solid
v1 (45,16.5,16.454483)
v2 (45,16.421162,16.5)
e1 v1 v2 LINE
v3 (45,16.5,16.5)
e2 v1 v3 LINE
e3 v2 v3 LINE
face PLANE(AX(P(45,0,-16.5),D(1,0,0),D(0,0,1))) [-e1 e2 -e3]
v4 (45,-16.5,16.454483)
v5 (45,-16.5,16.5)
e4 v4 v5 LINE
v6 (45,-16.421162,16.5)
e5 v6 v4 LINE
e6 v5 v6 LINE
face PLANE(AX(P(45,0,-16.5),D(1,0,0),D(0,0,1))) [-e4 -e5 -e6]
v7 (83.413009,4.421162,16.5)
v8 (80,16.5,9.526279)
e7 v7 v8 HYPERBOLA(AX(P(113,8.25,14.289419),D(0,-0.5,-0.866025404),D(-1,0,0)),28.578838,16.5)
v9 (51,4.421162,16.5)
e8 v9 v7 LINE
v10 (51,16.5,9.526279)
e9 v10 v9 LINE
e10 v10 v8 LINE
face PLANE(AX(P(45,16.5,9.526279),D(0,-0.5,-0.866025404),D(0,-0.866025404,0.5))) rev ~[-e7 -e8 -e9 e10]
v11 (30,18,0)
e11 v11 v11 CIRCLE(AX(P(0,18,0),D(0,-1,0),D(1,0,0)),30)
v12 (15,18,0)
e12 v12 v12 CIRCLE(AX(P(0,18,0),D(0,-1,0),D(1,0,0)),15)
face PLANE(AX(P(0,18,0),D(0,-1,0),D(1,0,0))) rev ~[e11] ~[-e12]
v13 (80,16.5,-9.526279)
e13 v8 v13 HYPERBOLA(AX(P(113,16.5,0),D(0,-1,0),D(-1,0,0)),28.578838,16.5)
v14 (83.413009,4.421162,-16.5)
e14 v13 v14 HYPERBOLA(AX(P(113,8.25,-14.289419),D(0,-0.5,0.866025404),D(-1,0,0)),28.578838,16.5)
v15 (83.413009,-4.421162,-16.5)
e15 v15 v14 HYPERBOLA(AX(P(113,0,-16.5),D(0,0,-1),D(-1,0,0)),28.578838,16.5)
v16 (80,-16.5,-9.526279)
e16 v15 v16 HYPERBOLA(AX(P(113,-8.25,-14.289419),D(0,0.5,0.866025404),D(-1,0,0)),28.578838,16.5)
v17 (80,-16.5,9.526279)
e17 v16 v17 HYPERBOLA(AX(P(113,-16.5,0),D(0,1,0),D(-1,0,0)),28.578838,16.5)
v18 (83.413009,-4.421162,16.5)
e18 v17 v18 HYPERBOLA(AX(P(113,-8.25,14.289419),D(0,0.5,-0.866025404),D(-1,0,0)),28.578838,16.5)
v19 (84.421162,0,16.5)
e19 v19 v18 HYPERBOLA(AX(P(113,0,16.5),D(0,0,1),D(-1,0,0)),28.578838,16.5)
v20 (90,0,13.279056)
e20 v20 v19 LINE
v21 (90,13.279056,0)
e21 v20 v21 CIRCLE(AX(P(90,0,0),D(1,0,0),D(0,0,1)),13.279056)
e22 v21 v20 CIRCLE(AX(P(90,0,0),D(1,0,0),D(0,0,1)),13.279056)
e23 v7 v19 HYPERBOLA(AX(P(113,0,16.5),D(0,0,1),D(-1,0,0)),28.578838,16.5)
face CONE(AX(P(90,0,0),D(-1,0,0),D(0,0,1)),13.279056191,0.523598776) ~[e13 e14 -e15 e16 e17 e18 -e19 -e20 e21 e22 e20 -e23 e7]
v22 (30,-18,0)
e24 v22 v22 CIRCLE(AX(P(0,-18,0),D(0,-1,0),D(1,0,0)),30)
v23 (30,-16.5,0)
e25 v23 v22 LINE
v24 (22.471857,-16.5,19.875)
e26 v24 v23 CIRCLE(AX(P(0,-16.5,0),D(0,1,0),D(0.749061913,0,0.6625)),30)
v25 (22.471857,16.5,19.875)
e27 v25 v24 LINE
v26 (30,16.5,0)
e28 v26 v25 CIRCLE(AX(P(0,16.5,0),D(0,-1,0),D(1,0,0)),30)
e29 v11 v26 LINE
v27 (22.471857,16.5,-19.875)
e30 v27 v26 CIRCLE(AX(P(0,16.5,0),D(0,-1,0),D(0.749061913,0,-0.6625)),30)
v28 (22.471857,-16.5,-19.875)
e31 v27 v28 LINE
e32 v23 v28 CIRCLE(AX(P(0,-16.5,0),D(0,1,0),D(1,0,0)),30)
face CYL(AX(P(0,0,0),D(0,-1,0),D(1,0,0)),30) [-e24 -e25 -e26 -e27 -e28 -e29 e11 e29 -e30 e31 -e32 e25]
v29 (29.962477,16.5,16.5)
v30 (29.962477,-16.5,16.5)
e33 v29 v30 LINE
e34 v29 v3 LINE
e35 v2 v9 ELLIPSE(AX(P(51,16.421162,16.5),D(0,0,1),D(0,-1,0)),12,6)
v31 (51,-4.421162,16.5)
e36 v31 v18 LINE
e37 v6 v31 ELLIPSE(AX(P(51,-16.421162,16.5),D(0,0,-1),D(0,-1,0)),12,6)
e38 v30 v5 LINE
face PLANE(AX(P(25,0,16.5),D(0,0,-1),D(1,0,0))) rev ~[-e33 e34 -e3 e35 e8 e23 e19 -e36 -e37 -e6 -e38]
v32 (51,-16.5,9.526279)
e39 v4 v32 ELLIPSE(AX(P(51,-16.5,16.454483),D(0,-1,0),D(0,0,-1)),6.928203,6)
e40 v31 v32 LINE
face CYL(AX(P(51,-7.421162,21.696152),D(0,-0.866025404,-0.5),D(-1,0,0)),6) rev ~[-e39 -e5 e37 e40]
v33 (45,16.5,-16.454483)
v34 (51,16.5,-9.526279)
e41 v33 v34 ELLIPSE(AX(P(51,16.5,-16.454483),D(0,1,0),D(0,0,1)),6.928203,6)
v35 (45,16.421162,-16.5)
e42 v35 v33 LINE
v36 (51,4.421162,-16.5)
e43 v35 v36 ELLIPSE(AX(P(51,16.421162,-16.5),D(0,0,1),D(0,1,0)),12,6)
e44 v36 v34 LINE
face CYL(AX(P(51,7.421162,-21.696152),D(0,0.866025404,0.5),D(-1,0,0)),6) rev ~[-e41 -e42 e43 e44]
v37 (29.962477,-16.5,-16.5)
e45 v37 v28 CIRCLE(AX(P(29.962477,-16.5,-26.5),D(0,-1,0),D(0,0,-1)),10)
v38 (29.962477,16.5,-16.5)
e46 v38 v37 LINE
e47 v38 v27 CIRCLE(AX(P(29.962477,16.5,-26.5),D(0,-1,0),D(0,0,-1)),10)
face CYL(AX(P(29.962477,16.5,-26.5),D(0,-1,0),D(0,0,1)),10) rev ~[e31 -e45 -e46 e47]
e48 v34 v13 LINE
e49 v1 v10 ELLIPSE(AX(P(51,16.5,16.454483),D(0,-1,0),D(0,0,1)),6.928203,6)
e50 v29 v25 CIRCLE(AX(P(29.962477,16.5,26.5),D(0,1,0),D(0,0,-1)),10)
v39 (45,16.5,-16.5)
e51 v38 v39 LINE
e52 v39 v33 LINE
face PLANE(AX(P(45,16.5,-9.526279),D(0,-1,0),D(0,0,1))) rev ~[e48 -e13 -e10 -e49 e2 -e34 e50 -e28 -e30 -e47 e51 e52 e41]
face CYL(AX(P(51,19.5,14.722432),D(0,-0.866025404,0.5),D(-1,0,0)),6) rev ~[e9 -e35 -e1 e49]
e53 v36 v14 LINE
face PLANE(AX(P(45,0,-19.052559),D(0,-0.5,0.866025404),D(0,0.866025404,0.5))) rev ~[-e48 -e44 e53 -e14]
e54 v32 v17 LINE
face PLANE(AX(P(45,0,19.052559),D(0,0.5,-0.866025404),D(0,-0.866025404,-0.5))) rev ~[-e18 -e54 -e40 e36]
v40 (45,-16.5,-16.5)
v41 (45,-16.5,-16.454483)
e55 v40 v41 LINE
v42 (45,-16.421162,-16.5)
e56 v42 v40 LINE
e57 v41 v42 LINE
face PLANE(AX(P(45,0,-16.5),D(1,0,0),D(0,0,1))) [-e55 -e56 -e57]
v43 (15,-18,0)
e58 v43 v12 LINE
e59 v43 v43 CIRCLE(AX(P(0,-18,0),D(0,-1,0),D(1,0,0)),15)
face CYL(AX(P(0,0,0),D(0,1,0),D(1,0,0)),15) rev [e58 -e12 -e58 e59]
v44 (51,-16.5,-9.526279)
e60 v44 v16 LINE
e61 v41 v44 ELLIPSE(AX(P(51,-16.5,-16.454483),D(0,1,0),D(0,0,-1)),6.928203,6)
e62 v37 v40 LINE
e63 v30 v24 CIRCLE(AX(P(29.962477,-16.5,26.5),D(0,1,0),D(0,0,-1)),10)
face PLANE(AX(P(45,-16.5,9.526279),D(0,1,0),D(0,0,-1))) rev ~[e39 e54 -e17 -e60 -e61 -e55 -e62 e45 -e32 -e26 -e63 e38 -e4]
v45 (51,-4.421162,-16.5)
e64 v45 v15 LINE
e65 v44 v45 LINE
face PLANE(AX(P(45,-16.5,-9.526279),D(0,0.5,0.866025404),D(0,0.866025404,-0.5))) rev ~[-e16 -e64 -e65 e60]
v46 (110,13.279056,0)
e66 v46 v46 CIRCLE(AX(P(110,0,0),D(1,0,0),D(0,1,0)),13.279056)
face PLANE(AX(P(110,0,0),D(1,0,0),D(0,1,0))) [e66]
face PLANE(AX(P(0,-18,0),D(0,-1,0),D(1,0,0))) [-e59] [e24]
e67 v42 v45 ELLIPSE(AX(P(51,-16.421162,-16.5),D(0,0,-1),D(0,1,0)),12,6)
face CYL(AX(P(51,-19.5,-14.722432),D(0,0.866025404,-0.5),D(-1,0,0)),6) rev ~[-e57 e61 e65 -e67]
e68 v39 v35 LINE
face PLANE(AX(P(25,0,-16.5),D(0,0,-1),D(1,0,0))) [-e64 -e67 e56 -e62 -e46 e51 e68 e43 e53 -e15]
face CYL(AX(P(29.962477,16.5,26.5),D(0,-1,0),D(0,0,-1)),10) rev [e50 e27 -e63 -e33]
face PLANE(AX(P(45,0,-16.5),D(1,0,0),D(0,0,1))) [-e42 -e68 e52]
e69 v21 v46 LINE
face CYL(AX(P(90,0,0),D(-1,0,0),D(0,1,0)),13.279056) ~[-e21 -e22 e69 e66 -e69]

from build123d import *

# Parameters (mm, degrees)
F0_R      = 30
F0_R_2    = 15
F1_DEPTH  = 18
F2_W      = 20
F2_H      = 33
F3_DEPTH  = 16.5
F5_DEPTH  = 45
F9_DEPTH  = 45.001
F10_DEPTH = 45.001
F11_R     = 6
F12_R     = 13.2790561914
F13_DEPTH = 20
F14_R     = 10


with BuildPart() as f1:
    # F0 (on Front) → F1 (new body, symmetric)
    with BuildSketch(Plane.XZ):
        Circle(F0_R)
        Circle(F0_R_2, mode=Mode.SUBTRACT)
    extrude(amount=F1_DEPTH, both=True)

    # F2 (on Front) → F3 (join, symmetric)
    with BuildSketch(Plane.XZ):
        with Locations((35, 0)):
            Rectangle(F2_W, F2_H)
    extrude(amount=F3_DEPTH, both=True)

    # F4 (on face) → F5 (join)
    with BuildSketch(Plane.YZ.offset(45)):
        Polygon((-16.5, 9.5262794416), (-16.5, -9.5262794416), (0, -19.0525588833), (16.5, -9.5262794416), (16.5, 9.5262794416), (0, 19.0525588833), align=None)
    extrude(amount=F5_DEPTH)

    # F7 (on mid) → F8 (revolve, cut)
    with BuildSketch(Plane(origin=(0, 0, 0), x_dir=(-1, 0, 0), z_dir=(0, 1, 0))):
        Polygon((-90, 19.0525588833), (-90, 13.2790561914), (-80, 19.0525588833), align=None)
    revolve(axis=Axis((76.7741315067, 0, 0), (1, 0, 0)), mode=Mode.SUBTRACT)

    # F9 (cut, through all): a face of the model
    f9_faces = [f1.faces().sort_by_distance(p)[0] for p in [
        (45, 0, 17.3508529611),
    ]]
    extrude(f9_faces, amount=-F9_DEPTH, mode=Mode.SUBTRACT)

    # F10 (cut, through all): a face of the model
    f10_faces = [f1.faces().sort_by_distance(p)[0] for p in [
        (45, 0, -17.3508529611),
    ]]
    extrude(f10_faces, amount=-F10_DEPTH, mode=Mode.SUBTRACT)

    # F11
    f11_edges = [f1.edges().sort_by_distance(p)[0] for p in [
        (45, -10.460581, -13.01314),
        (45, -10.460581, 13.01314),
        (45, 10.460581, 13.01314),
        (45, 10.460581, -13.01314),
    ]]
    fillet(f11_edges, radius=F11_R)

    # F12 (on face) → F13 (join)
    with BuildSketch(Plane.YZ.offset(90)):
        Circle(F12_R)
    extrude(amount=F13_DEPTH)

    # F14
    f14_edges = [f1.edges().sort_by_distance(p)[0] for p in [
        (25.05494, 0, 16.5),
        (25.05494, 0, -16.5),
    ]]
    fillet(f14_edges, radius=F14_R)


solid = f1.part
